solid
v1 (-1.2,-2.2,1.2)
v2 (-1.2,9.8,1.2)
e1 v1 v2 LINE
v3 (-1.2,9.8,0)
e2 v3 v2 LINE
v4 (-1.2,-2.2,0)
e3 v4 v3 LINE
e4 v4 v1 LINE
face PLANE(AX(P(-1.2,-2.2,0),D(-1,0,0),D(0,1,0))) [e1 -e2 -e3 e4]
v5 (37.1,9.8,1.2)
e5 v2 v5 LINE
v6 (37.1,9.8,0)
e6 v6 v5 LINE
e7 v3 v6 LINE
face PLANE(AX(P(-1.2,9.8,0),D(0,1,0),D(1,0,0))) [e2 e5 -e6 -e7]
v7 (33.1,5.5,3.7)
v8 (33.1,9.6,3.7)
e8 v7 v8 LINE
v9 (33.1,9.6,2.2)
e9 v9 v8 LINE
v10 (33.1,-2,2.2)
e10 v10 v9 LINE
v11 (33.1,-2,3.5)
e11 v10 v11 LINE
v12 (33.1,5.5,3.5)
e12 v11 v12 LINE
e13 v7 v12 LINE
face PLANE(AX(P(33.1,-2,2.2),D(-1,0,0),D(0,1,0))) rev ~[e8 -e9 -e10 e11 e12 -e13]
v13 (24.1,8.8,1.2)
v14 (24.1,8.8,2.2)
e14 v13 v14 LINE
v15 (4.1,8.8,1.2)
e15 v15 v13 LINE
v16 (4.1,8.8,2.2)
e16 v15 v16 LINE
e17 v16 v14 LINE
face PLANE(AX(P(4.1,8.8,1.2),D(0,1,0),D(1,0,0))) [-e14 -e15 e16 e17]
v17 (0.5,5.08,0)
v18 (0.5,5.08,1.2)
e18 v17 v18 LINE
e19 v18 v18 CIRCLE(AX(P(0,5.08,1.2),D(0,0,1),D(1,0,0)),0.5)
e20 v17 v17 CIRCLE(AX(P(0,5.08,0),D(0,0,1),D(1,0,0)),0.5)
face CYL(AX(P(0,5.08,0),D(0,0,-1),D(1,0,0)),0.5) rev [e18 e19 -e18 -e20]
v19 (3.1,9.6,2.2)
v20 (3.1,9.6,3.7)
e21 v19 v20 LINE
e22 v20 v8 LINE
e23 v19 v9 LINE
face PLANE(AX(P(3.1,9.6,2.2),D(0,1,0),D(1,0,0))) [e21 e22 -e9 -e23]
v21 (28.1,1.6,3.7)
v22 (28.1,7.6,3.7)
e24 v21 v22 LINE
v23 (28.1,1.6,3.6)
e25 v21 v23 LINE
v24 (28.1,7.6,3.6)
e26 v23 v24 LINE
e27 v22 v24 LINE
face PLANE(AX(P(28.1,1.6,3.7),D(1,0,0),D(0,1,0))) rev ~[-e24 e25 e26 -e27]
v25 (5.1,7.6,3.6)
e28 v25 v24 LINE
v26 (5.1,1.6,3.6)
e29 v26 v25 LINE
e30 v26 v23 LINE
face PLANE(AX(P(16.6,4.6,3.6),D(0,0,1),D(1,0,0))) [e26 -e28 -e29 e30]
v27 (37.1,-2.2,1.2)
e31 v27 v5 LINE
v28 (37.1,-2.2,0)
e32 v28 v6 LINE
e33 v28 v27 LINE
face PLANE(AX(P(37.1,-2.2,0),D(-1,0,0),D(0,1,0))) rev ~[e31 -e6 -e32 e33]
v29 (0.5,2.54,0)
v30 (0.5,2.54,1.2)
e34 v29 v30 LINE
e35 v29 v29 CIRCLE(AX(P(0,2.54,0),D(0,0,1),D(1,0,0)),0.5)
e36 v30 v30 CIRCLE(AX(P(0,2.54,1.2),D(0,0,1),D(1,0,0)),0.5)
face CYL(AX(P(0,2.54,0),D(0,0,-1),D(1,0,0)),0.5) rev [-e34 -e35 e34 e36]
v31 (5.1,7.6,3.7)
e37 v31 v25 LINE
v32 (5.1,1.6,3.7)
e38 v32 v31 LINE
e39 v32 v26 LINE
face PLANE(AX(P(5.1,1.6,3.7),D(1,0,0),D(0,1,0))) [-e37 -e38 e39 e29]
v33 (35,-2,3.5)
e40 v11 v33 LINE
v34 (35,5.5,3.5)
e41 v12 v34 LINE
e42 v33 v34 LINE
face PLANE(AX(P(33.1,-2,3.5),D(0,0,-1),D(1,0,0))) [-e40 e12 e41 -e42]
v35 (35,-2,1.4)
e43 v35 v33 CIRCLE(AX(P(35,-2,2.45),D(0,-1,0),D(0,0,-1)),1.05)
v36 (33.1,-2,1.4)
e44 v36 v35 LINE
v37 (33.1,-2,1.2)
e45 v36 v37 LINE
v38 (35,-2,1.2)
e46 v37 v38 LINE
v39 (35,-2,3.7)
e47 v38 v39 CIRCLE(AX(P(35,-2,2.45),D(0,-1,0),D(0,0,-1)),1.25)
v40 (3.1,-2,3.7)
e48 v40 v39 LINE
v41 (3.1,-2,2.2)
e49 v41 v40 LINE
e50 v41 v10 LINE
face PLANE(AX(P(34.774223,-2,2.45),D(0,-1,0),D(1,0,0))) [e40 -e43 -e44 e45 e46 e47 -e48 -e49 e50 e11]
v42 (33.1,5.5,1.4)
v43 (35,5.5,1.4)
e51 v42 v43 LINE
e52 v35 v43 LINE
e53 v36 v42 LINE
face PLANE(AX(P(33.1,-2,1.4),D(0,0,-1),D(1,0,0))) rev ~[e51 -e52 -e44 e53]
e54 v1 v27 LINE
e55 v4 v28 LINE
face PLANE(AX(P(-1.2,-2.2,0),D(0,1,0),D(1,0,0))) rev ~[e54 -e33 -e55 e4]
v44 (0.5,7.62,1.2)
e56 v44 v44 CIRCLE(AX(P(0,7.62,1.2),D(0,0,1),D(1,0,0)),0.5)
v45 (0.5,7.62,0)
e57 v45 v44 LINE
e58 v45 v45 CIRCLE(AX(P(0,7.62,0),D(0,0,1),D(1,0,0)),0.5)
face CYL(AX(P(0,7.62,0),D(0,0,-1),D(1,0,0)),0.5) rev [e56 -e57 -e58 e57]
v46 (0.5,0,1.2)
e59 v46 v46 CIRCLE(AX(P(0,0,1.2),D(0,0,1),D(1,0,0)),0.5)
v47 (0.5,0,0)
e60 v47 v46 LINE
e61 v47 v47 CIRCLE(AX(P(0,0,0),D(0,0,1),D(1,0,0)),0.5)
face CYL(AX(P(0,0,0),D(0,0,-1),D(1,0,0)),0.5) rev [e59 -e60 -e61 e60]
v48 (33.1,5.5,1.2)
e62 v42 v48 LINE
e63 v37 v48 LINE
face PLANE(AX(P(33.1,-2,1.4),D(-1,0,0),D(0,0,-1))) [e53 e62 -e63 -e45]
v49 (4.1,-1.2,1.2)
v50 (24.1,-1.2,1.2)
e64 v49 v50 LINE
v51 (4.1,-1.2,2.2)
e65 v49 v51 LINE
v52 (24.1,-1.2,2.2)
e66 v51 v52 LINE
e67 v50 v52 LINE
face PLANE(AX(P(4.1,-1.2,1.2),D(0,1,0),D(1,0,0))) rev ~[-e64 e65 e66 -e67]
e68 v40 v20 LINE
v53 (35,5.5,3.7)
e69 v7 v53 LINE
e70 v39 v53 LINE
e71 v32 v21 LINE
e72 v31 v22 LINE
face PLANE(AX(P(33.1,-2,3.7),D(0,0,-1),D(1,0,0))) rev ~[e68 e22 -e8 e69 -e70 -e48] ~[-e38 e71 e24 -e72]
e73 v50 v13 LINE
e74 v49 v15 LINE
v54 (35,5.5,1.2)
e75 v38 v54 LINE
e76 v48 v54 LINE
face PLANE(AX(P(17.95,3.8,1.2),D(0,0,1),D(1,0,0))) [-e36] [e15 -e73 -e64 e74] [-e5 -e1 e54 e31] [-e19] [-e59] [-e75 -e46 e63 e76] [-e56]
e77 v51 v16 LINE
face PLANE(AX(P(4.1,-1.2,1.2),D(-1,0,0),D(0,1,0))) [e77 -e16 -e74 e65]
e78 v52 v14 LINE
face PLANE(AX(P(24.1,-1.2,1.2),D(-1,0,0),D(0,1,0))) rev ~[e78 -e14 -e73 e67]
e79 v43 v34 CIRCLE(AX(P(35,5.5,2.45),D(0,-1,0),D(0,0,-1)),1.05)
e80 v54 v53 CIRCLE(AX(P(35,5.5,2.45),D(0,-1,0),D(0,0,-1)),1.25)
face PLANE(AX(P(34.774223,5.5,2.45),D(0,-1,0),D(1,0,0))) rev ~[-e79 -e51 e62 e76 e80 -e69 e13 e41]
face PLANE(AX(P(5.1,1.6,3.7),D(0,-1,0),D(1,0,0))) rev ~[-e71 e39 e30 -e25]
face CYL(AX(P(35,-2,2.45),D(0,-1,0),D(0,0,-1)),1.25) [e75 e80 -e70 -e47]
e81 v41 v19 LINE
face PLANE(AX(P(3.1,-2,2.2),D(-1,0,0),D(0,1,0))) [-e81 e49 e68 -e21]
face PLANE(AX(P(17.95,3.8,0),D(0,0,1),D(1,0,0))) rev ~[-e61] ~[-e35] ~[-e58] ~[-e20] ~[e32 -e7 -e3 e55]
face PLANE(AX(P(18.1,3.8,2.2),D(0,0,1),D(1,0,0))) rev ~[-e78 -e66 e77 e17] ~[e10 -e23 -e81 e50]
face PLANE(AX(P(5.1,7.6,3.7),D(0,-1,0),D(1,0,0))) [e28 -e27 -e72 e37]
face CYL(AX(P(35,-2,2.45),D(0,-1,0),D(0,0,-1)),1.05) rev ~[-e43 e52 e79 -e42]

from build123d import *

# Parameters (mm, degrees)
SKETCH_W     = 38.3
SKETCH_H     = 12
SKETCH_R     = 0.5
PAD_DEPTH    = 1.2
SKETCH001_W  = 20
SKETCH001_H  = 10
PAD001_DEPTH = 1
SKETCH002_W  = 30
SKETCH002_H  = 11.6
PAD002_DEPTH = 1.5
PAD003_DEPTH = 7.5
SKETCH004_W  = 23
SKETCH004_H  = 6
POCKET_DEPTH = 0.1


with BuildPart() as part:
    # Sketch → Pad (new body)
    with BuildSketch(Plane.XY):
        with Locations((17.95, 3.8)):
            Rectangle(SKETCH_W, SKETCH_H)
        Circle(SKETCH_R, mode=Mode.SUBTRACT)
        with Locations((0, 2.54)):
            Circle(SKETCH_R, mode=Mode.SUBTRACT)
        with Locations((0, 5.08)):
            Circle(SKETCH_R, mode=Mode.SUBTRACT)
        with Locations((0, 7.62)):
            Circle(SKETCH_R, mode=Mode.SUBTRACT)
    extrude(amount=PAD_DEPTH)

    # Sketch001 (on Face10 of Pad) → Pad001 (join)
    with BuildSketch(Plane.XY.offset(1.2)):
        with Locations((14.1, 3.8)):
            Rectangle(SKETCH001_W, SKETCH001_H)
    extrude(amount=PAD001_DEPTH)

    # Sketch002 (on Face15 of Pad001) → Pad002 (join)
    with BuildSketch(Plane.XY.offset(2.2)):
        with Locations((18.1, 3.8)):
            Rectangle(SKETCH002_W, SKETCH002_H)
    extrude(amount=PAD002_DEPTH)

    # Sketch003 (on Face6 of Pad002) → Pad003 (join)
    with BuildSketch(Plane.XZ.offset(2)):
        with BuildLine():
            ThreePointArc((35, 1.2), (36.25, 2.45), (35, 3.7))
            Line((33.1, 3.7), (35, 3.7))
            Line((33.1, 3.7), (33.1, 3.5))
            Line((33.1, 3.5), (35, 3.5))
            ThreePointArc((35, 1.4), (36.05, 2.45), (35, 3.5))
            Line((33.1, 1.4), (35, 1.4))
            Line((33.1, 1.4), (33.1, 1.2))
            Line((33.1, 1.2), (35, 1.2))
        make_face()
    extrude(amount=-PAD003_DEPTH)

    # Sketch004 (on Face5 of Pad003) → Pocket (cut)
    with BuildSketch(Plane.XY.offset(3.7)):
        with Locations((16.6, 4.6)):
            Rectangle(SKETCH004_W, SKETCH004_H)
    extrude(amount=-POCKET_DEPTH, mode=Mode.SUBTRACT)


solid = part.part
